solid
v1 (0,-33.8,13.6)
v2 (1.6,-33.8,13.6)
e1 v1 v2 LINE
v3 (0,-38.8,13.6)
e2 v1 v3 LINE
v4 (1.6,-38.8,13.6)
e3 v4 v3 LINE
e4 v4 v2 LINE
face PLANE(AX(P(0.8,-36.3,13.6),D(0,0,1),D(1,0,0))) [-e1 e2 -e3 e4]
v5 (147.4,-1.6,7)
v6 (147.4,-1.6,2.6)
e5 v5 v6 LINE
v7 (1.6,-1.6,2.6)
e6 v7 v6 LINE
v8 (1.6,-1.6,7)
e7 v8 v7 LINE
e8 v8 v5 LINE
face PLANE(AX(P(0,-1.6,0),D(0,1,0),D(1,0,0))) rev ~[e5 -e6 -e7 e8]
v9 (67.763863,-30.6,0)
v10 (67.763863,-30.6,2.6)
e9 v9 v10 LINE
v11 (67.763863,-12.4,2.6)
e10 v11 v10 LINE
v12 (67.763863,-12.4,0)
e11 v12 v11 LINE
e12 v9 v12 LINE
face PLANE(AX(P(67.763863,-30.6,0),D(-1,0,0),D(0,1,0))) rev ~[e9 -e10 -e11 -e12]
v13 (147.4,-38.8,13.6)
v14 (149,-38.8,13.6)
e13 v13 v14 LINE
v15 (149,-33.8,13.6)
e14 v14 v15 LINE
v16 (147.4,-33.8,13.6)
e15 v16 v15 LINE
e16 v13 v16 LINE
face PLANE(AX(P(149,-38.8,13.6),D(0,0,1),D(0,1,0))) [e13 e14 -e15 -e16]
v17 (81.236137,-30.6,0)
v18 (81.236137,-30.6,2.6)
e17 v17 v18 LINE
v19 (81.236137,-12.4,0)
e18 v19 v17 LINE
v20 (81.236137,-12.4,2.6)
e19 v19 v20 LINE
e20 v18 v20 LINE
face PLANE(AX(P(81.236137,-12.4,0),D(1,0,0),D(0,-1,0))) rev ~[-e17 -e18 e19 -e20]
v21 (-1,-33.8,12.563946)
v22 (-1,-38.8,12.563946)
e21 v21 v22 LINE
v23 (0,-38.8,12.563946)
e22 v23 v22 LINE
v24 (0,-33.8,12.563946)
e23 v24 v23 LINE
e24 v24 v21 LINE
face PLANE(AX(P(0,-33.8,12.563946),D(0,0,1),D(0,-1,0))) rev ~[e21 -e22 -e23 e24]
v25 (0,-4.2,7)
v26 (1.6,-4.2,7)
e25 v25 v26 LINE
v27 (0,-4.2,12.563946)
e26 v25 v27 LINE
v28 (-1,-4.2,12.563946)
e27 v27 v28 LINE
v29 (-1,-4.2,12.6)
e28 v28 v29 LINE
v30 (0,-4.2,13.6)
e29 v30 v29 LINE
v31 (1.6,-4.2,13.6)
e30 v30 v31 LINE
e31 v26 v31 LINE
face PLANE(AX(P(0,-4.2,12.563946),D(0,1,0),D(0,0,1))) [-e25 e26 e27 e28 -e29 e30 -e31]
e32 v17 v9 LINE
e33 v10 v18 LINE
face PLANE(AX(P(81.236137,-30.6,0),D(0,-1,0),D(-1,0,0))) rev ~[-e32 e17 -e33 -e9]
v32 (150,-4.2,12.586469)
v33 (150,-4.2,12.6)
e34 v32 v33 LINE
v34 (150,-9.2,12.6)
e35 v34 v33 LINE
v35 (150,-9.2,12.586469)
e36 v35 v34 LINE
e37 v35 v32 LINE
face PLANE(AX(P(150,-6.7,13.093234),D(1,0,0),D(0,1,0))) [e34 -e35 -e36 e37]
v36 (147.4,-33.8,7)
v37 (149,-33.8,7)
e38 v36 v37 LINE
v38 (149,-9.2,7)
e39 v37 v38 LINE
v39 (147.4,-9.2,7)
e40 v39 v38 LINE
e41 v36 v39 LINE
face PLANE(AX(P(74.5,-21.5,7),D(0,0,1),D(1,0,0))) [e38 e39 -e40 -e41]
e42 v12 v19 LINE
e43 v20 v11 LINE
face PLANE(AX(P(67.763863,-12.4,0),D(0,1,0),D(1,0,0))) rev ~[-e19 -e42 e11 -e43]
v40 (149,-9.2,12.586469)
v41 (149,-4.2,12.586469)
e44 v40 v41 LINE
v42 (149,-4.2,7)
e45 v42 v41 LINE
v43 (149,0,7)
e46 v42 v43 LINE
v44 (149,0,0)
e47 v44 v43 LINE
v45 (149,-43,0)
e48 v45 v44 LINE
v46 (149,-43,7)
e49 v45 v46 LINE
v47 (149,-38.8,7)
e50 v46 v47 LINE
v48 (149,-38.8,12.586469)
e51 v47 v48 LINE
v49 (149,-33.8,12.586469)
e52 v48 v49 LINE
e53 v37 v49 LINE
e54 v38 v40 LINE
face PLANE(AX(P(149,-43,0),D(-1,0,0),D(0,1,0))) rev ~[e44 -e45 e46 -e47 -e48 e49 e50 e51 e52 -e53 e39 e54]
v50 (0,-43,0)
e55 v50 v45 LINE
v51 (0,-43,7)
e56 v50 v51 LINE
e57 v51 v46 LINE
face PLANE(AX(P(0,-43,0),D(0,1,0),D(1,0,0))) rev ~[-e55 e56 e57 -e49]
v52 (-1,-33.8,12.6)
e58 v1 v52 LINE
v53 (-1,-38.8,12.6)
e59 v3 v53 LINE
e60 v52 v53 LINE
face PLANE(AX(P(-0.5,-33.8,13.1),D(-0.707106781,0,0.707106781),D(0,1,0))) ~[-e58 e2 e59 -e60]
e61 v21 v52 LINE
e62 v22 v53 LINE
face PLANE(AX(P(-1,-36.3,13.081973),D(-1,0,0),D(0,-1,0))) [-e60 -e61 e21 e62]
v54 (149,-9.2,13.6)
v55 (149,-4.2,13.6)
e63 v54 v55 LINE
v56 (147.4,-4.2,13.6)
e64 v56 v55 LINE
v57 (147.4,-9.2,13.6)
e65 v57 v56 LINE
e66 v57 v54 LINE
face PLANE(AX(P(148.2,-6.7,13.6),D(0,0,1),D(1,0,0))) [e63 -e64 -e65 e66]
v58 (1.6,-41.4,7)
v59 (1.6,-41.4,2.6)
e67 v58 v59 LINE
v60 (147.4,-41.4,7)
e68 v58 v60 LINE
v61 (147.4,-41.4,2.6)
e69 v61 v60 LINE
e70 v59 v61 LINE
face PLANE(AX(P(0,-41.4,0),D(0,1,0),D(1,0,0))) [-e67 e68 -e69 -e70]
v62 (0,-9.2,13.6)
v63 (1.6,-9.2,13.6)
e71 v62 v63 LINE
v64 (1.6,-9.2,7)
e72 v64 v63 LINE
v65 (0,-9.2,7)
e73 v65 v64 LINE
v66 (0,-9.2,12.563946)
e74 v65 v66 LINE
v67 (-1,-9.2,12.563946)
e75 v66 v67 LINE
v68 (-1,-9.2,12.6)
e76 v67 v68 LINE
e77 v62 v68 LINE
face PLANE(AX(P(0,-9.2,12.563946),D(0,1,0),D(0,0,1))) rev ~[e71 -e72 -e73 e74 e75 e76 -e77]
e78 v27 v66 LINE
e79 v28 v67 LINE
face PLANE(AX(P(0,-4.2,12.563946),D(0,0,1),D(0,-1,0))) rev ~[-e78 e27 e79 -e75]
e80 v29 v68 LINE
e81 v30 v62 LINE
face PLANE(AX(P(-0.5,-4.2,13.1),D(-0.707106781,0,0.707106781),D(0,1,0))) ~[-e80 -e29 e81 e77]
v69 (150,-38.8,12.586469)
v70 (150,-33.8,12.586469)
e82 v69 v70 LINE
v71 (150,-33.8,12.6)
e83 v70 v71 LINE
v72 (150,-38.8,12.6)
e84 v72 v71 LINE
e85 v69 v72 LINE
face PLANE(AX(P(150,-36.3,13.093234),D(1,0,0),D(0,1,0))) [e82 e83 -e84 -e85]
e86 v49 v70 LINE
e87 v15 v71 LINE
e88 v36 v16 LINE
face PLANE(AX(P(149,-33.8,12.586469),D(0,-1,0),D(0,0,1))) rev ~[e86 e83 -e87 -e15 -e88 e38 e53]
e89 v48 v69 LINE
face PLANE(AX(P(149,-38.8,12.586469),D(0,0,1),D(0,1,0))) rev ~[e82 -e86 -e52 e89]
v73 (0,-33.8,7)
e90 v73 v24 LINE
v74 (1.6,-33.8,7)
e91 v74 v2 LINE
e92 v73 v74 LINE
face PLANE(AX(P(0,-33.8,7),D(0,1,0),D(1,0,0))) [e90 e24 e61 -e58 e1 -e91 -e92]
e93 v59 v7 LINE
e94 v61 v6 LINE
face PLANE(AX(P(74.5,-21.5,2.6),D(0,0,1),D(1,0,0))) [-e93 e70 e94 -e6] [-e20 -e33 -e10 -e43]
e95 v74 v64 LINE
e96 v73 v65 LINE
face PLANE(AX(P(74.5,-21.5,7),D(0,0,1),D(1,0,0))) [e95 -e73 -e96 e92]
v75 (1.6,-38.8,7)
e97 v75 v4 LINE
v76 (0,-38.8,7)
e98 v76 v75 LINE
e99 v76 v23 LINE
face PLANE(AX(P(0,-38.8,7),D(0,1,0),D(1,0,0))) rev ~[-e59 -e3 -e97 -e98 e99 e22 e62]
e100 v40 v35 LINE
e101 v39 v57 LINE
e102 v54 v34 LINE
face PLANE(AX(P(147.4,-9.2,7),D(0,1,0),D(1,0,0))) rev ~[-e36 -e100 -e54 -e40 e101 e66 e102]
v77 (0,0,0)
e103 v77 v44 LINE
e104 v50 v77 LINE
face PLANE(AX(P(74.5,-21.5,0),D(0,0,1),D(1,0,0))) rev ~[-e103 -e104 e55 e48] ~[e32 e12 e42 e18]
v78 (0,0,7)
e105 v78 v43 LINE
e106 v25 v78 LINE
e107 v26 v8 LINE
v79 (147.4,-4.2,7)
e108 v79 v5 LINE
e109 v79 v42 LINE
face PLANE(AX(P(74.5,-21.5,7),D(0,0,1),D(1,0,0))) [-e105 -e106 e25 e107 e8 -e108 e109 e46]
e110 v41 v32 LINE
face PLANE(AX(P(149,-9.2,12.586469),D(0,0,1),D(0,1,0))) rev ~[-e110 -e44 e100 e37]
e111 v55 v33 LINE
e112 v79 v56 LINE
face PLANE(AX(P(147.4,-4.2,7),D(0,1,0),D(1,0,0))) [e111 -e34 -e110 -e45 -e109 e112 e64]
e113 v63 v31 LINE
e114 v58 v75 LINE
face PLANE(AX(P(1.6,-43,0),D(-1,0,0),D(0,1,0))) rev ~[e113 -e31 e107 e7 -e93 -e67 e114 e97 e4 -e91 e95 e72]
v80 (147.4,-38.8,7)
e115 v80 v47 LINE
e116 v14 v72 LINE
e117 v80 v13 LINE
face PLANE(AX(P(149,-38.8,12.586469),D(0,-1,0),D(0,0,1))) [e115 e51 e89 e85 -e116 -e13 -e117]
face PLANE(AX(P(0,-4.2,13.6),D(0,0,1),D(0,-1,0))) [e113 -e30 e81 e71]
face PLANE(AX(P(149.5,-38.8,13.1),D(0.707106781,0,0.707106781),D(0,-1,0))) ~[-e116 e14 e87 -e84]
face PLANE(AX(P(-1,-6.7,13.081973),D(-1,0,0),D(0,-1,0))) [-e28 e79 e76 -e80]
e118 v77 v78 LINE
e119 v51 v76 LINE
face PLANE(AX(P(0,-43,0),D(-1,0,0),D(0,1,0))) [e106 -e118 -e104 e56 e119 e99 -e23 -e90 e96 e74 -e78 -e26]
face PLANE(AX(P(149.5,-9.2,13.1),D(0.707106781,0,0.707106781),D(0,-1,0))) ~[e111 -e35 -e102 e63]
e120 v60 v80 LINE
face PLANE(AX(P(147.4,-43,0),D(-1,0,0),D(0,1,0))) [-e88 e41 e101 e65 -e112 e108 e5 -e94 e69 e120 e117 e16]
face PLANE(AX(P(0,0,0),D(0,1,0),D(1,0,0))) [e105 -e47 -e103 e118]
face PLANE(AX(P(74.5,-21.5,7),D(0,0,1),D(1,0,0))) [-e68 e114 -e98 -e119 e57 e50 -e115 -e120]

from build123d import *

# Parameters (mm, degrees)
F0_W      = 149
F0_H      = 43
F1_DEPTH  = 7
F2_T      = -1.6
F3_DEPTH  = 1
F4_W      = 1.6
F4_H      = 5
F5_DEPTH  = 6.6
F6_W      = 5
F6_H      = 1.0360542744
F7_DEPTH  = 1
F8_SIZE   = 1
F9_W      = 5
F9_H      = 1.0135311693
F10_DEPTH = 1
F11_SIZE  = 1
F12_W     = 6.7361369729
F12_H     = 9.1
F13_DEPTH = 25


with BuildPart() as f1:
    # F0 (on Top) → F1 (new body)
    with BuildSketch(Plane.XY):
        with Locations((74.5, -21.5)):
            Rectangle(F0_W, F0_H)
    extrude(amount=F1_DEPTH)

    # F2
    f2_openings = [f1.faces().sort_by_distance(p)[0] for p in [
        (74.5, -21.5, 7),
    ]]
    offset(amount=F2_T, openings=f2_openings)

    # F3 (add): a face of the model
    f3_faces = [f1.faces().sort_by_distance(p)[0] for p in [
        (74.5, -21.5, 1.6),
    ]]
    extrude(f3_faces, amount=F3_DEPTH)

    # F4 (on face) → F5 (join)
    with BuildSketch(Plane.XY.offset(7)):
        with Locations((0.8, -6.7)):
            Rectangle(F4_W, F4_H)
        with Locations((0.8, -36.3)):
            Rectangle(F4_W, F4_H)
        with Locations((148.2, -6.7)):
            Rectangle(F4_W, F4_H)
        with Locations((148.2, -36.3)):
            Rectangle(F4_W, F4_H)
    extrude(amount=F5_DEPTH)

    # F6 (on face) → F7 (join)
    with BuildSketch(Plane(origin=(0, 0, 0), x_dir=(0, -1, 0), z_dir=(-1, 0, 0))):
        with Locations((6.7, 13.0819728628)):
            Rectangle(F6_W, F6_H)
        with Locations((36.3, 13.0819728628)):
            Rectangle(F6_W, F6_H)
    extrude(amount=F7_DEPTH)

    # F8
    f8_edges = [f1.edges().sort_by_distance(p)[0] for p in [
        (-1, -6.7, 13.6),
        (-1, -36.3, 13.6),
    ]]
    chamfer(f8_edges, length=F8_SIZE)

    # F9 (on face) → F10 (join)
    with BuildSketch(Plane.YZ.offset(149)):
        with Locations((-36.3, 13.0932344154)):
            Rectangle(F9_W, F9_H)
        with Locations((-6.7, 13.0932344154)):
            Rectangle(F9_W, F9_H)
    extrude(amount=F10_DEPTH)

    # F11
    f11_edges = [f1.edges().sort_by_distance(p)[0] for p in [
        (150, -36.3, 13.6),
        (150, -6.7, 13.6),
    ]]
    chamfer(f11_edges, length=F11_SIZE)

    # F12 (on face) → F13 (cut)
    with BuildSketch(Plane(origin=(0, 0, 0), x_dir=(1, 0, 0), z_dir=(0, 0, -1))):
        with Locations((77.8680684865, 26.05)):
            Rectangle(F12_W, F12_H)
        with Locations((71.1319315135, 26.05)):
            Rectangle(F12_W, F12_H)
        with Locations((77.8680684865, 16.95)):
            Rectangle(F12_W, F12_H)
        with Locations((71.1319315135, 16.95)):
            Rectangle(F12_W, F12_H)
    extrude(amount=-F13_DEPTH, mode=Mode.SUBTRACT)


solid = f1.part
